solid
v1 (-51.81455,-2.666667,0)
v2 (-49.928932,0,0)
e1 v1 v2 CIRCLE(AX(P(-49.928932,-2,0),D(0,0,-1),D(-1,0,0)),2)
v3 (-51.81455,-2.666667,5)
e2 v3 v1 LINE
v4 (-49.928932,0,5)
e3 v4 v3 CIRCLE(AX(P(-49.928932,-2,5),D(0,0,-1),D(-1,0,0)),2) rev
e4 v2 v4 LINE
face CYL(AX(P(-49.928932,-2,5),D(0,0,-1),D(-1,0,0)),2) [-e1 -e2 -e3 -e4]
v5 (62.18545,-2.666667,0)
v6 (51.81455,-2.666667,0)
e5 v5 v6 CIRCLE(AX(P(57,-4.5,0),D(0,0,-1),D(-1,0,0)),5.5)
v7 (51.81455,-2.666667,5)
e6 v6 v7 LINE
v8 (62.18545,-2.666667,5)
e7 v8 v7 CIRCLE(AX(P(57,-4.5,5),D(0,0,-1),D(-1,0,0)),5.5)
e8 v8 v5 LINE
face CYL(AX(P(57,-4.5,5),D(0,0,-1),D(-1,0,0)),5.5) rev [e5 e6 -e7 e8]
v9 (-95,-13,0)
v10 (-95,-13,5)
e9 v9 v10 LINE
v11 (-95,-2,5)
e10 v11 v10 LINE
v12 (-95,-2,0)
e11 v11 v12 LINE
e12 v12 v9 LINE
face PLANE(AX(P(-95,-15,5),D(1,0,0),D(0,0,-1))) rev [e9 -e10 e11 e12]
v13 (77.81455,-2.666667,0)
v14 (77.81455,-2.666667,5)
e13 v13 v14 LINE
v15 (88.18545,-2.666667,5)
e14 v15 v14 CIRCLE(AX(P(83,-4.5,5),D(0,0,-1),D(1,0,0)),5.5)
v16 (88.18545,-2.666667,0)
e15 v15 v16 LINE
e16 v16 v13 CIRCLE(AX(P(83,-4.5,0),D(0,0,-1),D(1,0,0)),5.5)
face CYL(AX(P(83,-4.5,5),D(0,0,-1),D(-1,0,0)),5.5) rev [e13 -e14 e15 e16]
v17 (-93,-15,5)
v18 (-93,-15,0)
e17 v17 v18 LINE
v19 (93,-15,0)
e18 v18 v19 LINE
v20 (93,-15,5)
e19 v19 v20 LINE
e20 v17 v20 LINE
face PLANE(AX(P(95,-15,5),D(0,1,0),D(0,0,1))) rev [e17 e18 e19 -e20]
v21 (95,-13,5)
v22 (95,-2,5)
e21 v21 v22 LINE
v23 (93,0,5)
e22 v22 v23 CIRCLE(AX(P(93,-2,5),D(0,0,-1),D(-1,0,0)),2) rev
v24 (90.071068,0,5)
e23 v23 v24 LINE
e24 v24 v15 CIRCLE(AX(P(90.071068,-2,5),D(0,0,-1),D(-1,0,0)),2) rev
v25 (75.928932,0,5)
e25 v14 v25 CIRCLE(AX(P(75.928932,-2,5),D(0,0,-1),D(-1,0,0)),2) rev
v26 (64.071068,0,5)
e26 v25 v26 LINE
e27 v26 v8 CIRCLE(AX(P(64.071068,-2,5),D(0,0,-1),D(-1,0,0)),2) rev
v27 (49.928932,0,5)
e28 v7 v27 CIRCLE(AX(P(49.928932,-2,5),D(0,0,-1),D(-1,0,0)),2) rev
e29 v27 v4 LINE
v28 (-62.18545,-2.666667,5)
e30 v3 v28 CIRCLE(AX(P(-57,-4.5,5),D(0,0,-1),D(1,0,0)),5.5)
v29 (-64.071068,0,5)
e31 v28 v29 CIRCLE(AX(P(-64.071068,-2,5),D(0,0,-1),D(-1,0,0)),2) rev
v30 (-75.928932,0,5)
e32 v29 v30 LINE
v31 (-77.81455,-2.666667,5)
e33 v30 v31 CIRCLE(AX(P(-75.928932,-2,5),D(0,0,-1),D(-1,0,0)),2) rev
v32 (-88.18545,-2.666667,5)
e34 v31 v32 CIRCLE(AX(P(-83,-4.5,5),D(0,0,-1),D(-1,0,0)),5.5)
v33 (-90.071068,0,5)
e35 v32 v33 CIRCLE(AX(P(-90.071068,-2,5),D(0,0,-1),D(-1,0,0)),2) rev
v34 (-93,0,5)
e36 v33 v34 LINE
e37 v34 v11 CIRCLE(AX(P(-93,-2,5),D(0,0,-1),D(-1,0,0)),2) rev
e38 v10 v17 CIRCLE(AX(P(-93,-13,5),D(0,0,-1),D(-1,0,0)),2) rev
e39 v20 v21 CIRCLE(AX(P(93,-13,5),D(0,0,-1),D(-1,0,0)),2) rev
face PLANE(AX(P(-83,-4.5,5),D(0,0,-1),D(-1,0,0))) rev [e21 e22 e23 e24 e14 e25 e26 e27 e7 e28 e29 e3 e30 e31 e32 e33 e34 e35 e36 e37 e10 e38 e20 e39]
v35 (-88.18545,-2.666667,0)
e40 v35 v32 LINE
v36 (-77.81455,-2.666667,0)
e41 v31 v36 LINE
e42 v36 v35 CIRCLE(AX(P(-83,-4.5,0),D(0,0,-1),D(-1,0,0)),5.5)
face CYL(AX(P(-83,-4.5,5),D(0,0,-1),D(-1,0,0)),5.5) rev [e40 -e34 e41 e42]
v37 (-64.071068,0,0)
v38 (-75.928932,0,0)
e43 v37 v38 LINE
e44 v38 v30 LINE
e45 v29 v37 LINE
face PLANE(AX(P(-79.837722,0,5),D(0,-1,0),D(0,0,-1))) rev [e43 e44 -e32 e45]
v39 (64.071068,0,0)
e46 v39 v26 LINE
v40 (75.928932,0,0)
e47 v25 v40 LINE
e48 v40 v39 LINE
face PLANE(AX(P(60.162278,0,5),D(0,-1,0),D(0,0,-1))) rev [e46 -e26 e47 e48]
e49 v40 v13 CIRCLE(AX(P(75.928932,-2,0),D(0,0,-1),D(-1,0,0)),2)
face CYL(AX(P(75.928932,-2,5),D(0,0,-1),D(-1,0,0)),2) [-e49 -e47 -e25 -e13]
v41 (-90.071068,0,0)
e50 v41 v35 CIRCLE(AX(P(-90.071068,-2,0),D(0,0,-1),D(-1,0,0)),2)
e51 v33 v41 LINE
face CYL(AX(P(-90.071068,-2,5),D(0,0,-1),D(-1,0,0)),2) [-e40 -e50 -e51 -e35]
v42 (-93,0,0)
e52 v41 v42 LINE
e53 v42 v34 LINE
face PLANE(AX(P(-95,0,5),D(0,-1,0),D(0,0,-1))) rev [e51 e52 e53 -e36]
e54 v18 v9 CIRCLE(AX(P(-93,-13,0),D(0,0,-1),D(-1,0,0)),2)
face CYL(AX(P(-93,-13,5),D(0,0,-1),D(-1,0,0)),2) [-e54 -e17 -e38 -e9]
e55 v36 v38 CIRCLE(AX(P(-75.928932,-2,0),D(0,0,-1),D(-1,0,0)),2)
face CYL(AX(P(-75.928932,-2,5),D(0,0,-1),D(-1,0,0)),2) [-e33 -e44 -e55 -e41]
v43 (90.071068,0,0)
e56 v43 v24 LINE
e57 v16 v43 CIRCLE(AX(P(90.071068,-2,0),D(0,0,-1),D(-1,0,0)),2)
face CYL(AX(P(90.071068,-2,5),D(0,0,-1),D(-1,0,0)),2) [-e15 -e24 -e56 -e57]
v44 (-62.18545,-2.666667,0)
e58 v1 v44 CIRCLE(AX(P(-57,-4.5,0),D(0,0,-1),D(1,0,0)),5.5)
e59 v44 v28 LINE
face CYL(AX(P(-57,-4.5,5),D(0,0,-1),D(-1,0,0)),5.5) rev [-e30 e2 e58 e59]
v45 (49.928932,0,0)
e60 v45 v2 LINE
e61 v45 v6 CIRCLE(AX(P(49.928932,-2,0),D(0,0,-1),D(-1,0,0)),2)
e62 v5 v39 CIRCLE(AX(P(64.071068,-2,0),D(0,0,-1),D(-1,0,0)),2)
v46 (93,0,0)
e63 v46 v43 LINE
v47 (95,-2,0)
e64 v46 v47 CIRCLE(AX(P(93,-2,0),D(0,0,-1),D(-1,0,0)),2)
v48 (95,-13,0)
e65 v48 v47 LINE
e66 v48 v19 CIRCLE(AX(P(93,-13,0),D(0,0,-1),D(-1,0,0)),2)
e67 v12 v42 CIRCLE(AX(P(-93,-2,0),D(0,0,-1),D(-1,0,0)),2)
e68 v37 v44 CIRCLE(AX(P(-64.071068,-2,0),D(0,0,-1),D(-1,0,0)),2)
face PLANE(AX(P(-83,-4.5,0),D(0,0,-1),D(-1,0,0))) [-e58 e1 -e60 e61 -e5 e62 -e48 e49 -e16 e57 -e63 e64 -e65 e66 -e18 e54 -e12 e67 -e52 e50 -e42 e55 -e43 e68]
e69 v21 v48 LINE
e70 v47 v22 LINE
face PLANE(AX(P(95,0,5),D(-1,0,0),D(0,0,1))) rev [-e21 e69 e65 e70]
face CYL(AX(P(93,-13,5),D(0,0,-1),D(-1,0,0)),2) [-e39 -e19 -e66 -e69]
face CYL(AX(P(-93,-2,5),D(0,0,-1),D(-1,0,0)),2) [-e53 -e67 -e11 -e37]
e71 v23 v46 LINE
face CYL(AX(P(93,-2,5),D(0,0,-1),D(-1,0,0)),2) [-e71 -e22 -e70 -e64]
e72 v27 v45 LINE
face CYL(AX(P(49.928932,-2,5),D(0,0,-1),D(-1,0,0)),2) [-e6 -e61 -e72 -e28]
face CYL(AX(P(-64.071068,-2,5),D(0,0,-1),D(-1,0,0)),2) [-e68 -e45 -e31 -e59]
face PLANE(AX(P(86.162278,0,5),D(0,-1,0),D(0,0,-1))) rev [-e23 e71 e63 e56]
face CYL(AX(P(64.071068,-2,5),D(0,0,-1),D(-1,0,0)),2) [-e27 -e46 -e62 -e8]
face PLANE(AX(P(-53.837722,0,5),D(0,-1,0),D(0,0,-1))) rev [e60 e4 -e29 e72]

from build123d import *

# Parameters (mm, degrees)
BOSS_EXTRU_1_DEPTH = 5
CONG_1_R           = 2


with BuildPart() as part:
    # Esquisse1 → Boss.-Extru.1 (new body)
    with BuildSketch(Plane.XY):
        with BuildLine():
            Line((-79.83772234, 0), (-60.16227766, 0))
            ThreePointArc((-60.16227766, 0), (-57, -10), (-53.83772234, 0))
            Line((-53.83772234, 0), (53.83772234, 0))
            ThreePointArc((53.83772234, 0), (57, -10), (60.16227766, 0))
            Line((60.16227766, 0), (79.83772234, 0))
            ThreePointArc((79.83772234, 0), (83, -10), (86.16227766, 0))
            Line((86.16227766, 0), (95, 0))
            Line((95, 0), (95, -15))
            Line((95, -15), (-95, -15))
            Line((-95, -15), (-95, 0))
            Line((-95, 0), (-86.16227766, 0))
            ThreePointArc((-86.16227766, 0), (-83, -10), (-79.83772234, 0))
        make_face()
    extrude(amount=BOSS_EXTRU_1_DEPTH)

    # Congé1
    cong_1_edges = [part.edges().sort_by_distance(p)[0] for p in [
        (-86.16227766, 0, 2.5),
        (-79.83772234, 0, 2.5),
        (-60.16227766, 0, 2.5),
        (-53.83772234, 0, 2.5),
        (53.83772234, 0, 2.5),
        (60.16227766, 0, 2.5),
        (79.83772234, 0, 2.5),
        (86.16227766, 0, 2.5),
        (95, 0, 2.5),
        (95, -15, 2.5),
        (-95, -15, 2.5),
        (-95, 0, 2.5),
    ]]
    fillet(cong_1_edges, radius=CONG_1_R)


solid = part.part
